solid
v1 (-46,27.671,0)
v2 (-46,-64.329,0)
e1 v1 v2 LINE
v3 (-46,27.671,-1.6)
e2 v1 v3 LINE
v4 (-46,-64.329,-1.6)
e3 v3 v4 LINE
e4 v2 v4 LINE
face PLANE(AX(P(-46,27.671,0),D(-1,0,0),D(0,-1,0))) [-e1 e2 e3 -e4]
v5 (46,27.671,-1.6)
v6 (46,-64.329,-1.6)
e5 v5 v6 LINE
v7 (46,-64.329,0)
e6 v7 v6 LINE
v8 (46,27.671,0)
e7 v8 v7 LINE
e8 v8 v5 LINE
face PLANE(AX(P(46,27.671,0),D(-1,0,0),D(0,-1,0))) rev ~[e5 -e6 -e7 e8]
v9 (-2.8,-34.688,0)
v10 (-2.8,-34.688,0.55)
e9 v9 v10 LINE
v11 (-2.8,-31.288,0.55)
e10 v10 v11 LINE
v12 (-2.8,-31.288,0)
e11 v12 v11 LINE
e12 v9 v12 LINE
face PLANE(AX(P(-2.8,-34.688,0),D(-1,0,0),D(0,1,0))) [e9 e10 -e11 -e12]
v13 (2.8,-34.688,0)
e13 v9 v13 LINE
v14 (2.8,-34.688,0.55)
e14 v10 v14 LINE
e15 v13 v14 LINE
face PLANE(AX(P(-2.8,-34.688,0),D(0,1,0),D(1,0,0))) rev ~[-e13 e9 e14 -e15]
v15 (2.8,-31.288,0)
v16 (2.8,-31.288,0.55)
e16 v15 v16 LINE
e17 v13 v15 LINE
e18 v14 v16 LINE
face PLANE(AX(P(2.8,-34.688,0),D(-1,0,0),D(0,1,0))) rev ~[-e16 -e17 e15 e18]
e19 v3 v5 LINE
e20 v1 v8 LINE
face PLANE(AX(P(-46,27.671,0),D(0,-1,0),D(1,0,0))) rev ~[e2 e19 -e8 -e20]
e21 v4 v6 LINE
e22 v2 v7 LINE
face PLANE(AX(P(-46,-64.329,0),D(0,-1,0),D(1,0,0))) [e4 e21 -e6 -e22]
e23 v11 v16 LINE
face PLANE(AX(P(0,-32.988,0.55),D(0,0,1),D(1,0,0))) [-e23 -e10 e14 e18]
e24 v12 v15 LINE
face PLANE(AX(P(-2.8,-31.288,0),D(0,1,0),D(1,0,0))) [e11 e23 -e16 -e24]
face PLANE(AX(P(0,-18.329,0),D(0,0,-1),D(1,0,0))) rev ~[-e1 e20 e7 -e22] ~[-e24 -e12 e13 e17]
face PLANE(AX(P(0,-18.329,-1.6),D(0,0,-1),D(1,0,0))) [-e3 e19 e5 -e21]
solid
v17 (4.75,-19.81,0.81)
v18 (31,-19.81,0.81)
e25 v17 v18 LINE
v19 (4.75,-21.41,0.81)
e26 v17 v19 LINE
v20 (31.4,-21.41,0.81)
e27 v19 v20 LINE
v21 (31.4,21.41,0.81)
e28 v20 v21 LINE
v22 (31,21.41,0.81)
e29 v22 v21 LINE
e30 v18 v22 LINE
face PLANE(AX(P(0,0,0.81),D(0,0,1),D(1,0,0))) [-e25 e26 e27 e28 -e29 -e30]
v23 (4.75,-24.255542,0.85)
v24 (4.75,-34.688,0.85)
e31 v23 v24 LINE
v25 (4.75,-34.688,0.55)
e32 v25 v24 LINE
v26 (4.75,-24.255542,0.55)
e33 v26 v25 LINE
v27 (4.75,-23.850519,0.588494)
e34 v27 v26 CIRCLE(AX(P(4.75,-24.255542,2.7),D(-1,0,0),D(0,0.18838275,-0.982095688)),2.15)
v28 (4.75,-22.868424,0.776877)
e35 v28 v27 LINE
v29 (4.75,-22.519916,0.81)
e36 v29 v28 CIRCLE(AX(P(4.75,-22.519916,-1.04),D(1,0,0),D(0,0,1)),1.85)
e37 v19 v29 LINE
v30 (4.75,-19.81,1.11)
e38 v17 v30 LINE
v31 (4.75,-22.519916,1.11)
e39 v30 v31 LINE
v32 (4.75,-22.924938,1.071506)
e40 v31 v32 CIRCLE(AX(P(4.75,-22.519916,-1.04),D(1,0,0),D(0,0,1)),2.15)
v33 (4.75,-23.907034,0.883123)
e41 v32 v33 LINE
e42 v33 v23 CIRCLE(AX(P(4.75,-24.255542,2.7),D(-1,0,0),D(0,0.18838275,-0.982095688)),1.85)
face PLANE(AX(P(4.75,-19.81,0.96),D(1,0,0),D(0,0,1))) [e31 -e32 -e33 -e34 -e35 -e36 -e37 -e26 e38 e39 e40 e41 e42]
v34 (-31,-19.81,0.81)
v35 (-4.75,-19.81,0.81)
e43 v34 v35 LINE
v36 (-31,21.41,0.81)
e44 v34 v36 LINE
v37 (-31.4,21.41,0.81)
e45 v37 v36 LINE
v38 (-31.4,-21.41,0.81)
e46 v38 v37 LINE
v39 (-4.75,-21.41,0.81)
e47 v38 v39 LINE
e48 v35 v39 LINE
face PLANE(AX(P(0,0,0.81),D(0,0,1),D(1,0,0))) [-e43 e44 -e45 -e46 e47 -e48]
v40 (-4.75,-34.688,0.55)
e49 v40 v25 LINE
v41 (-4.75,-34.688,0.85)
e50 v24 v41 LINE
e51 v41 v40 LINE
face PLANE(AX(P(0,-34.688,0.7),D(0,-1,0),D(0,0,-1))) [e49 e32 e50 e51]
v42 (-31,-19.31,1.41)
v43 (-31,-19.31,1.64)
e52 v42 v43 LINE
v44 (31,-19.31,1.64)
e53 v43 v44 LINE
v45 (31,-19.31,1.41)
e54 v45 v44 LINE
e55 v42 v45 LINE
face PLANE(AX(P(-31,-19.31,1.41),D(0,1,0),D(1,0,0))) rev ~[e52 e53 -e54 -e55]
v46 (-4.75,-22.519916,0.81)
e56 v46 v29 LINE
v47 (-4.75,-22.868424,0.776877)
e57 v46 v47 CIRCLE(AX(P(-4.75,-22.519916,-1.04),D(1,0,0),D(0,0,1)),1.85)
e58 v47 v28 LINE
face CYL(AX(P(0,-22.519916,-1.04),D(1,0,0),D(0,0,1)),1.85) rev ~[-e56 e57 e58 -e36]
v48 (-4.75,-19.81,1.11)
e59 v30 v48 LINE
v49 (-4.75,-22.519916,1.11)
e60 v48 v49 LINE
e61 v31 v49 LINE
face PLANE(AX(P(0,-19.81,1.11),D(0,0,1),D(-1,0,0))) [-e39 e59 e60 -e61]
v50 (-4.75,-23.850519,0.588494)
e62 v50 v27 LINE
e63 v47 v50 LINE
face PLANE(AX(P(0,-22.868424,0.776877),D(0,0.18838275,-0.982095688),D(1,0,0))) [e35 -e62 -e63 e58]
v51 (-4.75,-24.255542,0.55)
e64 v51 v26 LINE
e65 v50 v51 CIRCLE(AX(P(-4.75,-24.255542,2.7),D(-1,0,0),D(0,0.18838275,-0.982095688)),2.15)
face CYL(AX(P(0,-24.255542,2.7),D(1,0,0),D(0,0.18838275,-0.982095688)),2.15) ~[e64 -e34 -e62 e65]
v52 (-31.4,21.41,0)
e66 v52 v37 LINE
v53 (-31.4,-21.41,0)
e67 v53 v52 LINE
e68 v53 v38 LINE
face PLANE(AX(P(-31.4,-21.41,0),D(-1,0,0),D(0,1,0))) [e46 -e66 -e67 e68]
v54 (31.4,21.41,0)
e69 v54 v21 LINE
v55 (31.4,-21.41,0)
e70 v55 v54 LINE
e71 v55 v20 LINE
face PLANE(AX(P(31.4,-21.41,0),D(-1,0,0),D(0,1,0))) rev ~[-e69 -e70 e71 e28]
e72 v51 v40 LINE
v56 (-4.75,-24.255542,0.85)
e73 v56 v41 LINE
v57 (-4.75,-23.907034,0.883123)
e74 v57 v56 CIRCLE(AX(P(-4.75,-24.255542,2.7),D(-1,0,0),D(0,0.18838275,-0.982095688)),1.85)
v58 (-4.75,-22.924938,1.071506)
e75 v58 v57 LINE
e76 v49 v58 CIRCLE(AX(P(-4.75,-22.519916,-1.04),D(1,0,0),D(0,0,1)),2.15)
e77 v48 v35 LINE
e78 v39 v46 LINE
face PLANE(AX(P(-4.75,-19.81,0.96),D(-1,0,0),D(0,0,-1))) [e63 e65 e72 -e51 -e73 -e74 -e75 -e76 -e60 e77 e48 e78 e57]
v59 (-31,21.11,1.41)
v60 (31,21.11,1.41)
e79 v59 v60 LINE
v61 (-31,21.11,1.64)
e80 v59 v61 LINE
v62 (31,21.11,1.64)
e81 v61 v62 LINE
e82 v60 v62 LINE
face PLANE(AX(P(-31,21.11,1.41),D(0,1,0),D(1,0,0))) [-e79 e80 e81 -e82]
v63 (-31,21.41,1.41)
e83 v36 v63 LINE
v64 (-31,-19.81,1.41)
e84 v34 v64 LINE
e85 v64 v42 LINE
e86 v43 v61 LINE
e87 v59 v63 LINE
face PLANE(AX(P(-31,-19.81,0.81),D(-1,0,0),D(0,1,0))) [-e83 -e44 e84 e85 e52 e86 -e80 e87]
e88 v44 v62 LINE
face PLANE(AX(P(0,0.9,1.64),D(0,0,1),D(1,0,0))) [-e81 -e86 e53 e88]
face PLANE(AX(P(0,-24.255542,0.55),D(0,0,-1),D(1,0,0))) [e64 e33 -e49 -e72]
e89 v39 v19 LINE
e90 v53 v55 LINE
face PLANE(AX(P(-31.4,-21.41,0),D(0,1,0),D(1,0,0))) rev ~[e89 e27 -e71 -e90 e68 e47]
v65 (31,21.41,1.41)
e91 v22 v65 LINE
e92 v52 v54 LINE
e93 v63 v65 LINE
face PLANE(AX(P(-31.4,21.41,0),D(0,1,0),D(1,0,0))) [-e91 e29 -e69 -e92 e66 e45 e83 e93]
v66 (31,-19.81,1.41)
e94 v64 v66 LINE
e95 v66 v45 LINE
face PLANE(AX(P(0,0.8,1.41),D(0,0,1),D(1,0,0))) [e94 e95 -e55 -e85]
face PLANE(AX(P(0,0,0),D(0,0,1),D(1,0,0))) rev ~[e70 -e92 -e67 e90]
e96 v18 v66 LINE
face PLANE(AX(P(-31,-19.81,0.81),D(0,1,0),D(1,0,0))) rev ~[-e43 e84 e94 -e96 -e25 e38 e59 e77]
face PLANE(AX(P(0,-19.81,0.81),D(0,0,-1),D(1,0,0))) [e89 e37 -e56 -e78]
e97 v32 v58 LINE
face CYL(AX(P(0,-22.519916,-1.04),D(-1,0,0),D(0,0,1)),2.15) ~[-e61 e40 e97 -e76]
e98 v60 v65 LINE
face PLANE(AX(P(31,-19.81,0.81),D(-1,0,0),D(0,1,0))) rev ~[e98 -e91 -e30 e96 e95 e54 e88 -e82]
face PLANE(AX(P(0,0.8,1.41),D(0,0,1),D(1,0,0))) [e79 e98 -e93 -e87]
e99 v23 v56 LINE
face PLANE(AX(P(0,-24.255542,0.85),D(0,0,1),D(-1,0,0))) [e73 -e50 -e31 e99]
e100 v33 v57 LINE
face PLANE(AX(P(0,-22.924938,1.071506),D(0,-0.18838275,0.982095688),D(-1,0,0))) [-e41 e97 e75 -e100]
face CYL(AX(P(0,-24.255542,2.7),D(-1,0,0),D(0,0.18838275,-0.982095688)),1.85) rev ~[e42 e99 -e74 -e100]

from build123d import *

# Parameters (mm, degrees)
F0_W      = 62.8
F0_H      = 42.82
F1_DEPTH  = 0.81
F2_W      = 62
F2_H      = 41.22
F3_DEPTH  = 0.6
F4_W      = 62
F4_H      = 40.42
F5_DEPTH  = 0.23
F6_W      = 92
F6_H      = 92
F7_DEPTH  = 1.6
F10_W     = 5.6
F10_H     = 3.4
F11_DEPTH = 0.55
F8_W      = 9.5
F8_H      = 0.3


with BuildPart() as f1:
    # F0 (on Top) → F1 (new body)
    with BuildSketch(Plane.XY):
        Rectangle(F0_W, F0_H)
    extrude(amount=F1_DEPTH)

    # F2 (on face) → F3 (join)
    with BuildSketch(Plane.XY.offset(0.81)):
        with Locations((0, 0.8)):
            Rectangle(F2_W, F2_H)
    extrude(amount=F3_DEPTH)

    # F4 (on face) → F5 (join)
    with BuildSketch(Plane.XY.offset(1.41)):
        with Locations((0, 0.9)):
            Rectangle(F4_W, F4_H)
    extrude(amount=F5_DEPTH)

    # F13: sweep along a path in F12
    with BuildLine(Plane.YZ) as f13_path:
        Line((-19.81, 0.96), (-21.41, 0.96))
        Line((-21.41, 0.96), (-22.21, 0.96))
        Line((-22.21, 0.96), (-22.5199155845, 0.96))
        ThreePointArc((-22.5199155845, 0.96), (-22.7091472545, 0.9510277183), (-22.8966810847, 0.9241913751))
        Line((-22.8966810847, 0.9241913751), (-23.8787767723, 0.7358086249))
        ThreePointArc((-23.8787767723, 0.7358086249), (-24.0663106024, 0.7089722817), (-24.2555422725, 0.7))
        Line((-24.2555422725, 0.7), (-24.565457857, 0.7))
        Line((-24.565457857, 0.7), (-34.688, 0.7))
    # F8 (on face) → F13 (sweep)
    with BuildSketch(Plane.XZ.offset(19.81)):
        with Locations((0, 0.96)):
            Rectangle(F8_W, F8_H)
    sweep(path=f13_path.line)


with BuildPart() as f7:
    # F6 (on face) → F7 (new body)
    with BuildSketch(Plane(origin=(0, 0, 0), x_dir=(1, 0, 0), z_dir=(0, 0, -1))):
        with Locations((0, 18.329)):
            Rectangle(F6_W, F6_H)
    extrude(amount=F7_DEPTH)

    # F10 (on face) → F11 (join)
    with BuildSketch(Plane.XY):
        with Locations((0, -32.988)):
            Rectangle(F10_W, F10_H)
    extrude(amount=F11_DEPTH)


solid = Compound([f1.part, f7.part])
